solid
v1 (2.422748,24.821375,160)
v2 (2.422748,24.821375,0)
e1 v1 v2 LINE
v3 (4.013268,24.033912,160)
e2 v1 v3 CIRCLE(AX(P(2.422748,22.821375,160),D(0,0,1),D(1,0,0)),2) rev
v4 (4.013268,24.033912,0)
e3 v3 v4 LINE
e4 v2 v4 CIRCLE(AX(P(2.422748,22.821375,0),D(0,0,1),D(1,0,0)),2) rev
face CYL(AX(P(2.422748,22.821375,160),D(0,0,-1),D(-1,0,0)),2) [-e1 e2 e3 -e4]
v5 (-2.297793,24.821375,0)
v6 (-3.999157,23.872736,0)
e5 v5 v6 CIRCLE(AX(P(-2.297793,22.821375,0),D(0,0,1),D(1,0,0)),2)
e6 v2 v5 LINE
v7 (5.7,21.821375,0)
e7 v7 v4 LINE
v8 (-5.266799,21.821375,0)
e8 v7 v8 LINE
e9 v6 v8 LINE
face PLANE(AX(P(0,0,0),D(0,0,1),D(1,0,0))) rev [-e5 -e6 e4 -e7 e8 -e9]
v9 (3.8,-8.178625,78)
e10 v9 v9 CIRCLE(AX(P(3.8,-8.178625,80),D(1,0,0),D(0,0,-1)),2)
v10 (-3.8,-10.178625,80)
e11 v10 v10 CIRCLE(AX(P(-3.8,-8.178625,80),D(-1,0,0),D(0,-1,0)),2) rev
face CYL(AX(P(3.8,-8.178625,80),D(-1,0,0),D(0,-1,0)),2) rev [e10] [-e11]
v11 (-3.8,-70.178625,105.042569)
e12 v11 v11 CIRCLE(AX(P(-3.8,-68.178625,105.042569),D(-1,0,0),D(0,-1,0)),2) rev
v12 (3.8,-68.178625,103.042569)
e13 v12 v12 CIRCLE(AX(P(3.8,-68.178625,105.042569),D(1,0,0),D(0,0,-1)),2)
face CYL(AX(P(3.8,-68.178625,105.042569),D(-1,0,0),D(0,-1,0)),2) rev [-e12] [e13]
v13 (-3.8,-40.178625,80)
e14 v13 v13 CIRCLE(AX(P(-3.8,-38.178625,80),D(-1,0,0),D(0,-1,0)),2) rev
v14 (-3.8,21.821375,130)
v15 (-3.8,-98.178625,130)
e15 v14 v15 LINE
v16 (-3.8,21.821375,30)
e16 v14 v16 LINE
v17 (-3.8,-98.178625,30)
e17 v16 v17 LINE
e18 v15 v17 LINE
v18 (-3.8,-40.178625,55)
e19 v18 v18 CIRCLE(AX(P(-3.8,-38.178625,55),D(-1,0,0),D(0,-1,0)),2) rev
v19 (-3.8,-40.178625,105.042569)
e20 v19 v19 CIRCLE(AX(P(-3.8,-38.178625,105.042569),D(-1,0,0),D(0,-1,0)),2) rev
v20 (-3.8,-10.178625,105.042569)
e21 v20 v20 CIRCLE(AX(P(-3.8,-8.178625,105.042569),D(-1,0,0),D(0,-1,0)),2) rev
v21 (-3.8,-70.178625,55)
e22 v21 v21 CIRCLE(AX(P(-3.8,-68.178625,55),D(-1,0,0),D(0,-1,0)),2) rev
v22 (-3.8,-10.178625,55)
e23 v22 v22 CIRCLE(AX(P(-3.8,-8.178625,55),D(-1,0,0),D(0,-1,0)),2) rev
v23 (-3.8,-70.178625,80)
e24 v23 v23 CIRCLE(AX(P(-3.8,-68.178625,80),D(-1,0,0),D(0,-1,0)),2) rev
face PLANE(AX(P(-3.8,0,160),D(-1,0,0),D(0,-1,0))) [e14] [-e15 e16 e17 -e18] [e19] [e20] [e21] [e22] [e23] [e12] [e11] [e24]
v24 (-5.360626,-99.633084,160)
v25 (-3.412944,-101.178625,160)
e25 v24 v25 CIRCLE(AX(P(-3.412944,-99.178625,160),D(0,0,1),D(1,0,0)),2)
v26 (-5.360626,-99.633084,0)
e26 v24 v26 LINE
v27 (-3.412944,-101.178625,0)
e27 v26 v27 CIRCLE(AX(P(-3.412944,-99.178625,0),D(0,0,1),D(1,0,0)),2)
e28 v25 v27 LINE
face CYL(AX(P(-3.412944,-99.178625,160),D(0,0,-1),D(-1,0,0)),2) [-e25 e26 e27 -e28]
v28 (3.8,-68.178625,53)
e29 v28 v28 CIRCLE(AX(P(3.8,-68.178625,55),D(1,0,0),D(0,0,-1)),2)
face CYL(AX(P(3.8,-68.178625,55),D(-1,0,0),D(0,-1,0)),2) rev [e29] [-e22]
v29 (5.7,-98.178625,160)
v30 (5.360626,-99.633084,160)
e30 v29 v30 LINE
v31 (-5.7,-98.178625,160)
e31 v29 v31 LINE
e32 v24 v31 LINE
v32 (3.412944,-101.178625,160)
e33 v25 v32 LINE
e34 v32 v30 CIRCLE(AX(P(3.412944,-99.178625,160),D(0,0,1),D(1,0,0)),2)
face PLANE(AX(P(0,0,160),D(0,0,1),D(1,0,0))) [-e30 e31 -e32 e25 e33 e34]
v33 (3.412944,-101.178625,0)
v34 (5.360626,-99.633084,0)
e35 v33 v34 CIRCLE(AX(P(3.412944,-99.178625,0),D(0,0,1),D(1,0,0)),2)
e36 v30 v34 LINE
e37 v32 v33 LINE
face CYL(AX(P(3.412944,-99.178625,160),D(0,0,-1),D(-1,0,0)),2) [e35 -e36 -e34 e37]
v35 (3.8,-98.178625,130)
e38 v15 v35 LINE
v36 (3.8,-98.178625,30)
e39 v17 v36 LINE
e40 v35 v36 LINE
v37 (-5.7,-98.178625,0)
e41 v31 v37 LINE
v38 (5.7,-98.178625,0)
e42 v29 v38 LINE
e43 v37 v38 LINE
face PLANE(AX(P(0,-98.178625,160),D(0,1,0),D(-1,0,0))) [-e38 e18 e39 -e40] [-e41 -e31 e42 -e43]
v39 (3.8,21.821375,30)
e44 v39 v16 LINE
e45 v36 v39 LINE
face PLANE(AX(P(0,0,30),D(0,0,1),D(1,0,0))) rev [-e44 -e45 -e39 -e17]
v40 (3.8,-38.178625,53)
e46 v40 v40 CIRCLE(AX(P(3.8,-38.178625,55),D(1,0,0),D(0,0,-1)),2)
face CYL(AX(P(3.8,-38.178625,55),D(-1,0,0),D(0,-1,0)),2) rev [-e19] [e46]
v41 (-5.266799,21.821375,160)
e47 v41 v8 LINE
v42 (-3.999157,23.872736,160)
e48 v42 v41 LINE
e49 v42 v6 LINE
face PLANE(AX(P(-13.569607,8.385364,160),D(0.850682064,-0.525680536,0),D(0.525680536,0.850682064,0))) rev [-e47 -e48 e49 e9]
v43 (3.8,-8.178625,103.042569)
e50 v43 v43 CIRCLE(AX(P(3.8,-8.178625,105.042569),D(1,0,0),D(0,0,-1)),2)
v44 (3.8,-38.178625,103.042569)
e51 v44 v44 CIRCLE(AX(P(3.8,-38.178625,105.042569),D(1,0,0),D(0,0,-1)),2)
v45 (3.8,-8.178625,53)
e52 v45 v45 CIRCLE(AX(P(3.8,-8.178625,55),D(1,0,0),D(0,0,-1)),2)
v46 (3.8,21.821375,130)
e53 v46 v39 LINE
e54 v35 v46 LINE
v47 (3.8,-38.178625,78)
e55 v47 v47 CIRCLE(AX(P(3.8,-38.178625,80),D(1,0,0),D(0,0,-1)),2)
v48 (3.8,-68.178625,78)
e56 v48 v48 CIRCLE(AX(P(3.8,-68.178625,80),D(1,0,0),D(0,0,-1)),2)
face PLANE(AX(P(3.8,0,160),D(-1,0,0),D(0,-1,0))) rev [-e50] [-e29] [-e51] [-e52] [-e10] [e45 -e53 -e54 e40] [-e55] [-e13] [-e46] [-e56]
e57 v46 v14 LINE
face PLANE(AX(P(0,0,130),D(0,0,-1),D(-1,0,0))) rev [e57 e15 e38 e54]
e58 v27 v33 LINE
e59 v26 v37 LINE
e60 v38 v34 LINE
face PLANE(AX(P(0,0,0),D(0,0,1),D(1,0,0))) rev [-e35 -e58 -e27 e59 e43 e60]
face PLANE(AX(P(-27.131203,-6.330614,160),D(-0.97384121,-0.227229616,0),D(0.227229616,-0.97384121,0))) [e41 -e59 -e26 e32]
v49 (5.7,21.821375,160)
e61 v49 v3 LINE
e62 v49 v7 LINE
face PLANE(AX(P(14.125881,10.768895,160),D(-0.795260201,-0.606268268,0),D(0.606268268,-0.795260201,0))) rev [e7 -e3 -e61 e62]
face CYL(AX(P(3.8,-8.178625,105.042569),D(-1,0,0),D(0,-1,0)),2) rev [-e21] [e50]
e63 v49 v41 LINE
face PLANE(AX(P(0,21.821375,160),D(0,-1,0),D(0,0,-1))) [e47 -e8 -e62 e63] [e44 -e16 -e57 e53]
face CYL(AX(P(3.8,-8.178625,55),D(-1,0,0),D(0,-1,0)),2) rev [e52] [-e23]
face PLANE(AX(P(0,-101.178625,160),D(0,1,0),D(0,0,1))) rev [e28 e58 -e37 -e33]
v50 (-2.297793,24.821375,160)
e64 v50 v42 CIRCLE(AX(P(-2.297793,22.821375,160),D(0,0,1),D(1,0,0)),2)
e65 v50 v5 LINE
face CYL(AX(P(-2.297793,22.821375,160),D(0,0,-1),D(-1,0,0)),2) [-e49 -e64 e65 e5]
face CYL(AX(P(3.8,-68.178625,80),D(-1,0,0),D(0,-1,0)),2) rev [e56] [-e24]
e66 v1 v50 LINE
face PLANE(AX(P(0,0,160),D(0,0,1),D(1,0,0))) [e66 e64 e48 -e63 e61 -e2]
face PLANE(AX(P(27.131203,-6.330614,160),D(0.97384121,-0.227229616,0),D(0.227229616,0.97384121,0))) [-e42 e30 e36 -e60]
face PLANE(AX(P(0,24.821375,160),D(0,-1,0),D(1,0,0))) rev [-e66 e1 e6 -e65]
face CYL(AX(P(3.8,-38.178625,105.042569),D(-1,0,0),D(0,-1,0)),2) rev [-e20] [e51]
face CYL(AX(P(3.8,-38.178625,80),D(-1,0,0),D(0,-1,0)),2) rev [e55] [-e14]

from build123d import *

# Parameters (mm, degrees)
RESSALTO_EXTRUS_O1_DEPTH = 160
ESBO_O2_W                = 7.6
ESBO_O2_H                = 120
CORTE_EXTRUS_O1_DEPTH    = 30
CORTE_EXTRUS_O2_DEPTH    = 30
F_3DSKETCH3_R            = 2
CORTE_EXTRUS_O3_DEPTH    = 70


with BuildPart() as part:
    # Esboço1 → Ressalto-extrusão1 (new body)
    with BuildSketch(Plane.XY):
        with BuildLine():
            Line((-3.8, 21.821375341), (-3.8, -98.178624659))
            Line((-3.8, -98.178624659), (-5.7, -98.178624659))
            Line((-5.7, -98.178624659), (-5.360626179, -99.63308389))
            ThreePointArc((-5.360626179, -99.63308389), (-4.656141559, -100.745296045), (-3.41294376, -101.178624659))
            Line((-3.41294376, -101.178624659), (3.41294376, -101.178624659))
            ThreePointArc((3.41294376, -101.178624659), (4.656141559, -100.745296045), (5.360626179, -99.63308389))
            Line((5.360626179, -99.63308389), (5.7, -98.178624659))
            Line((5.7, -98.178624659), (3.8, -98.178624659))
            Line((3.8, -98.178624659), (3.8, 21.821375341))
            Line((3.8, 21.821375341), (5.7, 21.821375341))
            Line((5.7, 21.821375341), (4.013268169, 24.033911877))
            ThreePointArc((4.013268169, 24.033911877), (3.310139149, 24.613730366), (2.422747768, 24.821375341))
            Line((2.422747768, 24.821375341), (-2.297792791, 24.821375341))
            ThreePointArc((-2.297792791, 24.821375341), (-3.27177376, 24.568189891), (-3.999156919, 23.872736414))
            Line((-3.999156919, 23.872736414), (-5.266799243, 21.821375341))
            Line((-5.266799243, 21.821375341), (-3.8, 21.821375341))
        make_face()
    extrude(amount=RESSALTO_EXTRUS_O1_DEPTH)

    # Esboço2 → Corte-extrusão1 (cut)
    with BuildSketch(Plane.XY):
        with Locations((0, -38.178624659)):
            Rectangle(ESBO_O2_W, ESBO_O2_H)
    extrude(amount=CORTE_EXTRUS_O1_DEPTH, mode=Mode.SUBTRACT)

    # 3DSketch2 → Corte-extrusão2 (cut)
    with BuildSketch(Plane(origin=(-3.8, 21.821375341, 160), x_dir=(0.0632066956560733, -0.9980004577274705, 0), z_dir=(0, 0, -1))):
        Polygon((0, 0), (0.480370887, -7.584803479), (120.240425814, 0), (119.760054927, 7.584803479), align=None)
    extrude(amount=CORTE_EXTRUS_O2_DEPTH, mode=Mode.SUBTRACT)

    # 3DSketch3 → Corte-extrusão3 (cut)
    with BuildSketch(Plane(origin=(3.8, -38.178624659, 80), x_dir=(0, 0.7676852805184269, 0.6408270516101394), z_dir=(1, 0, 0))):
        with Locations(Location((0, 0, 0), (0, 0, 140.146481665))):
            Circle(F_3DSKETCH3_R)
        with Locations(Location((23.030558416, -19.224811548, 0), (0, 0, 140.146481665))):
            Circle(F_3DSKETCH3_R)
        with Locations(Location((-23.030558416, 19.224811548, 0), (0, 0, 140.146481665))):
            Circle(F_3DSKETCH3_R)
        with Locations(Location((-39.051234706, 0.032679535, 0), (0, 0, 140.146481665))):
            Circle(F_3DSKETCH3_R)
        with Locations(Location((-16.02067629, -19.192132013, 0), (0, 0, 140.146481665))):
            Circle(F_3DSKETCH3_R)
        with Locations(Location((7.009882125, -38.416943561, 0), (0, 0, 140.146481665))):
            Circle(F_3DSKETCH3_R)
        with Locations(Location((-6.982602808, 38.449623097, 0), (0, 0, 140.146481665))):
            Circle(F_3DSKETCH3_R)
        with Locations(Location((16.047955607, 19.224811548, 0), (0, 0, 140.146481665))):
            Circle(F_3DSKETCH3_R)
        with Locations(Location((39.078514023, 0, 0), (0, 0, 140.146481665))):
            Circle(F_3DSKETCH3_R)
    extrude(amount=-CORTE_EXTRUS_O3_DEPTH, mode=Mode.SUBTRACT)


solid = part.part
